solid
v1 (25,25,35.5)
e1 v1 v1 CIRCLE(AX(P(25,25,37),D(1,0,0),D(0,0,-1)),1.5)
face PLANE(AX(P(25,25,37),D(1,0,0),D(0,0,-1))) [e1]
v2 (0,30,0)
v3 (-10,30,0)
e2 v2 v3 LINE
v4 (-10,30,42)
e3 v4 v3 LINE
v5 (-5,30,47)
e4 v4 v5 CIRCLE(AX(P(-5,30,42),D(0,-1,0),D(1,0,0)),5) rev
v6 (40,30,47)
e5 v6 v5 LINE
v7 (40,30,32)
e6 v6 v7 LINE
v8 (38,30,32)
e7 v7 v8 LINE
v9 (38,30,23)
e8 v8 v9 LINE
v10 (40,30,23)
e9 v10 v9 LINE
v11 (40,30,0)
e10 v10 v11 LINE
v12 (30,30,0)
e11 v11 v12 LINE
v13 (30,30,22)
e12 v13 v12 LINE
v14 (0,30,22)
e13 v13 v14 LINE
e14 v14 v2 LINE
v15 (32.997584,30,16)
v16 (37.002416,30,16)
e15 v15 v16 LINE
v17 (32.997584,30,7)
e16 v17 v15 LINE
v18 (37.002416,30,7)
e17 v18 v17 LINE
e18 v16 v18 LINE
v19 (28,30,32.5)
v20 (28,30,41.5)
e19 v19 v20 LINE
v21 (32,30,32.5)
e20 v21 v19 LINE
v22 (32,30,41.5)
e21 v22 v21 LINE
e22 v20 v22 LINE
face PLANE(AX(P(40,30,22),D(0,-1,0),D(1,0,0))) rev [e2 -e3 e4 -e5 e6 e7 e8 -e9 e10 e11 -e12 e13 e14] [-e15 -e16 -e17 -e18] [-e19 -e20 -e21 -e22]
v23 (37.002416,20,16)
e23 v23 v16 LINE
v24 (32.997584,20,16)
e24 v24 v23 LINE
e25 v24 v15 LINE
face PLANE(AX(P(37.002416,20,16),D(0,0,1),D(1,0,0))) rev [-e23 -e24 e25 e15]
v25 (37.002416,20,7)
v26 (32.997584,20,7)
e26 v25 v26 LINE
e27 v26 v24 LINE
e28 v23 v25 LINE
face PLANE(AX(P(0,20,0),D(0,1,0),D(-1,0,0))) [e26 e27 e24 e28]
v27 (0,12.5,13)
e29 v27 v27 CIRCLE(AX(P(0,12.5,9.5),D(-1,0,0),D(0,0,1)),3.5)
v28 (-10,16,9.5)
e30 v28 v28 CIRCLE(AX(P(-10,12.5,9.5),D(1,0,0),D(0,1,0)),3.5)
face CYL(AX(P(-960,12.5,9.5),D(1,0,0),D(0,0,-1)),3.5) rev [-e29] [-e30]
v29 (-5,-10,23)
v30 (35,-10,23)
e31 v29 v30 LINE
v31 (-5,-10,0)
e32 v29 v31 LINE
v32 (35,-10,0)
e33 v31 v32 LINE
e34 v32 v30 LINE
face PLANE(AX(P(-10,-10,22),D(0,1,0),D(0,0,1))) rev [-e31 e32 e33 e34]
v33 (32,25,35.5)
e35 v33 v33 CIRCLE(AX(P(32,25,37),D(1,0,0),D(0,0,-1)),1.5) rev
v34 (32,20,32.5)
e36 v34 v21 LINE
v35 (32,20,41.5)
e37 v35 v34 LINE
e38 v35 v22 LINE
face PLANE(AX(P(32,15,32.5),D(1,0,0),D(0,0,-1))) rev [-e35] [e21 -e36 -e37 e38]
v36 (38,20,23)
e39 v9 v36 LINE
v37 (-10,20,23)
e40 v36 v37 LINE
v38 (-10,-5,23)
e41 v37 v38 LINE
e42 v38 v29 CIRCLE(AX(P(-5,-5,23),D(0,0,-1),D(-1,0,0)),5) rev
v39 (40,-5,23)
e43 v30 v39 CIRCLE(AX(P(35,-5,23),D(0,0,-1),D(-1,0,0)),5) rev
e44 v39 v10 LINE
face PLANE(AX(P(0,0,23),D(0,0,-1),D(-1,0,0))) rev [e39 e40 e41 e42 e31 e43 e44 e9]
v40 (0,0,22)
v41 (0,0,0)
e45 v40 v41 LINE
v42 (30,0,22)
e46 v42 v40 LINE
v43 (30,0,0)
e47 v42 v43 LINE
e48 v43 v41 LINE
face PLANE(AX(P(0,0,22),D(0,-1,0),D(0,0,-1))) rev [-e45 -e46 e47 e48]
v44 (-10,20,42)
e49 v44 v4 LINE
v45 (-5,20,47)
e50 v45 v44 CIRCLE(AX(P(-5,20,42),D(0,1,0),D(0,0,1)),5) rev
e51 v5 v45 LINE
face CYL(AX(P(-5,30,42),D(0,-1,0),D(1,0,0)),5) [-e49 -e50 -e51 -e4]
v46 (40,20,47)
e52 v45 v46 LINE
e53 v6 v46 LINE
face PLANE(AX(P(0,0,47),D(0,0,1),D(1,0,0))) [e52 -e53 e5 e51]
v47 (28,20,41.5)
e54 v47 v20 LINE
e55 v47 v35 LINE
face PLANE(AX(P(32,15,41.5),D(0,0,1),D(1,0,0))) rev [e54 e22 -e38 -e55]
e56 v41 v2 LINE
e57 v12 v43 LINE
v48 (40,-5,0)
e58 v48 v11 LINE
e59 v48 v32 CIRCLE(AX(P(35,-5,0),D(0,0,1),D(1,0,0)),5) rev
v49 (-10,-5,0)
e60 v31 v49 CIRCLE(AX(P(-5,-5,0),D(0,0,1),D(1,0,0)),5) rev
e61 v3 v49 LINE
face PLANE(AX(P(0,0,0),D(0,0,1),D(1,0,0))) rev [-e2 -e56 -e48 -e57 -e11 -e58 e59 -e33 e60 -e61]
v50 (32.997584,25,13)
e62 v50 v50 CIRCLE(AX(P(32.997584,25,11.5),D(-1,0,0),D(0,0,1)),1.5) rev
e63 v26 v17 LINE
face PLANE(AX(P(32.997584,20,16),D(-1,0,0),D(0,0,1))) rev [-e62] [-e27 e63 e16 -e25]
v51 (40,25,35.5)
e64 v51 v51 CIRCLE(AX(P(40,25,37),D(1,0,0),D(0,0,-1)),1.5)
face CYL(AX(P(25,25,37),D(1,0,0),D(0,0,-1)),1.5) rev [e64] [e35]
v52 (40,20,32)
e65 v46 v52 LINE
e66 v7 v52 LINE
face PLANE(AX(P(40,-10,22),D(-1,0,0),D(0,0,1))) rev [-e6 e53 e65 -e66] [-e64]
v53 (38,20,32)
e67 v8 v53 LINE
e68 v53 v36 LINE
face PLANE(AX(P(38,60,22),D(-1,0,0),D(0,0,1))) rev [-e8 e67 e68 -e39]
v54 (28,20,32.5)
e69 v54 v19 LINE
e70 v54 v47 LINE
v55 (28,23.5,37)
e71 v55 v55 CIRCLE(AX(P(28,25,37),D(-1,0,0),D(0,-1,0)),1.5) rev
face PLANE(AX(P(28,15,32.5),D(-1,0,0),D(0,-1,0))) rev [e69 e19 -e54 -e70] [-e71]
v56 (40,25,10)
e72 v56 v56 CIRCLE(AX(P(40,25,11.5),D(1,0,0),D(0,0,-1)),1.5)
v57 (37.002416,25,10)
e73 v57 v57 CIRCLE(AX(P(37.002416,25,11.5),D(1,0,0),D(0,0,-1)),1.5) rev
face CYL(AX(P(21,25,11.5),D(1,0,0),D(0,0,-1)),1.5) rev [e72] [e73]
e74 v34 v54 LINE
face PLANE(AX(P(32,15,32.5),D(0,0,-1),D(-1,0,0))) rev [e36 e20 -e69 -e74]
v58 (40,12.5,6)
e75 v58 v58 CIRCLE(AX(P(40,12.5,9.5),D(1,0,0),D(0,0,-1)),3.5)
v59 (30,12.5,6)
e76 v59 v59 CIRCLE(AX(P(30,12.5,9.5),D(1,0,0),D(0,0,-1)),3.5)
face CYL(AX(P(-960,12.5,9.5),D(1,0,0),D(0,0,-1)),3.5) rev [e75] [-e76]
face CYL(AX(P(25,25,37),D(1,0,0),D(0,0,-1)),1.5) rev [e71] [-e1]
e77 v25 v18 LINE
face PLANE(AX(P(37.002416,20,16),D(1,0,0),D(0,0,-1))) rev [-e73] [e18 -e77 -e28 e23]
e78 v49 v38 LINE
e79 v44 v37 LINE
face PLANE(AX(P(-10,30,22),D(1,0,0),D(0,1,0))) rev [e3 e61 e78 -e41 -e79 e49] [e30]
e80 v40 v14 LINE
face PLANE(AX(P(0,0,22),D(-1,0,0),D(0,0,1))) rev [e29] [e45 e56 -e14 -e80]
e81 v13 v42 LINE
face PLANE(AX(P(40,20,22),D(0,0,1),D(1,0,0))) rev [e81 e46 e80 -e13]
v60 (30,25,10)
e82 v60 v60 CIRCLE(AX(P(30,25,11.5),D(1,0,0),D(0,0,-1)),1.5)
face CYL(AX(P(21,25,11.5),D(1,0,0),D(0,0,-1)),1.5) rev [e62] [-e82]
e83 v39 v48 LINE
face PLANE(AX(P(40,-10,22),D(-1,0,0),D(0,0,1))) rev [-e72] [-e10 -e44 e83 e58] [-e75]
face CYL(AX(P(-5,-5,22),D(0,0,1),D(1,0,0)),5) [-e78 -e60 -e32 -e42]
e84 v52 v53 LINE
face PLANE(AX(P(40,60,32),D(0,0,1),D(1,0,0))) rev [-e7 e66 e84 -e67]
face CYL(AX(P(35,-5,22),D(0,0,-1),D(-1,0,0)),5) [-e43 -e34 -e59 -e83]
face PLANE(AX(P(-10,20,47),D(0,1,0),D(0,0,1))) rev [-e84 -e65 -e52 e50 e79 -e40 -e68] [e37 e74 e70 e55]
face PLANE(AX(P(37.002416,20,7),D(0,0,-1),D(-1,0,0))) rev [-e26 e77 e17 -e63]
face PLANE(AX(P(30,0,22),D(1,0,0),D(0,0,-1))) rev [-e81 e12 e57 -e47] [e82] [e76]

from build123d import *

# Parameters (mm, degrees)
BOSS_EXTRUDE1_DEPTH = 22
SKETCH3_W           = 10
SKETCH3_H           = 10
BOSS_EXTRUDE2_DEPTH = 25
SKETCH4_W           = 25
SKETCH4_H           = 10
BOSS_EXTRUDE3_DEPTH = 40
SKETCH5_W           = 2
SKETCH5_H           = 10
CUT_EXTRUDE4_DEPTH  = 40
BOSS_EXTRUDE4_DEPTH = 1
SKETCH7_R           = 1.5
CUT_EXTRUDE5_DEPTH  = 15
SKETCH8_W           = 4
SKETCH8_H           = 9
CUT_EXTRUDE6_DEPTH  = 15
FILLET1_R           = 5
FILLET2_R           = 5
FILLET3_R           = 5
SKETCH9_R           = 3.5
CUT_EXTRUDE7_DEPTH  = 1000
SKETCH10_W          = 4
SKETCH10_H          = 9
BOSS_EXTRUDE5_DEPTH = 15
SKETCH11_R          = 1.5
BOSS_EXTRUDE6_DEPTH = 10
SKETCH12_R          = 1.5
CUT_EXTRUDE8_DEPTH  = 19
SKETCH13_W          = 4.004831452
SKETCH13_H          = 9
CUT_EXTRUDE9_DEPTH  = 10


with BuildPart() as part:
    # Sketch1 → Boss-Extrude1 (new body)
    with BuildSketch(Plane.XY):
        Polygon((0, 30), (-10, 30), (-10, -10), (40, -10), (40, 30), (30, 30), (30, 0), (0, 0), align=None)
    extrude(amount=BOSS_EXTRUDE1_DEPTH)

    # Sketch3 → Boss-Extrude2 (add)
    with BuildSketch(Plane.XY.offset(22)):
        with Locations((-5, 25)):
            Rectangle(SKETCH3_W, SKETCH3_H)
    extrude(amount=BOSS_EXTRUDE2_DEPTH)

    # Sketch4 → Boss-Extrude3 (add)
    with BuildSketch(Plane(origin=(0, 0, 0), x_dir=(0, 0, -1), z_dir=(1, 0, 0))):
        with Locations((-34.5, 25)):
            Rectangle(SKETCH4_W, SKETCH4_H)
    extrude(amount=BOSS_EXTRUDE3_DEPTH)

    # Sketch5 → Cut-Extrude4 (cut)
    with BuildSketch(Plane.XZ.offset(-20)):
        with Locations((39, 27)):
            Rectangle(SKETCH5_W, SKETCH5_H)
    extrude(amount=-CUT_EXTRUDE4_DEPTH, mode=Mode.SUBTRACT)

    # Sketch6 → Boss-Extrude4 (add)
    with BuildSketch(Plane.XY.offset(22)):
        Polygon((-10, 20), (38, 20), (38, 30), (40, 30), (40, -10), (-10, -10), align=None)
    extrude(amount=BOSS_EXTRUDE4_DEPTH)

    # Sketch7 → Cut-Extrude5 (cut)
    with BuildSketch(Plane(origin=(40, 0, 0), x_dir=(0, 0, -1), z_dir=(1, 0, 0))):
        with Locations((-37, 25)):
            Circle(SKETCH7_R)
        with Locations((-17, 25)):
            Circle(SKETCH7_R)
    extrude(amount=-CUT_EXTRUDE5_DEPTH, mode=Mode.SUBTRACT)

    # Sketch8 → Cut-Extrude6 (cut)
    with BuildSketch(Plane(origin=(0, 30, 0), x_dir=(1, 0, 0), z_dir=(0, 1, 0))):
        with Locations((35, -17)):
            Rectangle(SKETCH8_W, SKETCH8_H)
        with Locations((30, -37)):
            Rectangle(SKETCH8_W, SKETCH8_H)
    extrude(amount=-CUT_EXTRUDE6_DEPTH, mode=Mode.SUBTRACT)

    # Fillet1
    fillet1_edges = [part.edges().sort_by_distance(p)[0] for p in [
        (40, -10, 11.5),
    ]]
    fillet(fillet1_edges, radius=FILLET1_R)

    # Fillet2
    fillet2_edges = [part.edges().sort_by_distance(p)[0] for p in [
        (-10, -10, 11.5),
    ]]
    fillet(fillet2_edges, radius=FILLET2_R)

    # Fillet3
    fillet3_edges = [part.edges().sort_by_distance(p)[0] for p in [
        (-10, 25, 47),
    ]]
    fillet(fillet3_edges, radius=FILLET3_R)

    # Sketch9 → Cut-Extrude7 (cut)
    with BuildSketch(Plane(origin=(40, 0, 0), x_dir=(0, 0, -1), z_dir=(1, 0, 0))):
        with Locations((-9.5, 12.5)):
            Circle(SKETCH9_R)
    extrude(amount=-CUT_EXTRUDE7_DEPTH, mode=Mode.SUBTRACT)

    # Sketch10 → Boss-Extrude5 (add)
    with BuildSketch(Plane(origin=(0, 30, 0), x_dir=(1, 0, 0), z_dir=(0, 1, 0))):
        with Locations((35, -17)):
            Rectangle(SKETCH10_W, SKETCH10_H)
    extrude(amount=-BOSS_EXTRUDE5_DEPTH)

    # Sketch11 → Boss-Extrude6 (add)
    with BuildSketch(Plane(origin=(40, 0, 0), x_dir=(0, 0, -1), z_dir=(1, 0, 0))):
        with Locations((-17, 25)):
            Circle(SKETCH11_R)
    extrude(amount=-BOSS_EXTRUDE6_DEPTH)

    # Sketch12 → Cut-Extrude8 (cut)
    with BuildSketch(Plane(origin=(40, 0, 0), x_dir=(0, 0, -1), z_dir=(1, 0, 0))):
        with Locations((-11.5, 25)):
            Circle(SKETCH12_R)
    extrude(amount=-CUT_EXTRUDE8_DEPTH, mode=Mode.SUBTRACT)

    # Sketch13 → Cut-Extrude9 (cut)
    with BuildSketch(Plane(origin=(0, 30, 0), x_dir=(1, 0, 0), z_dir=(0, 1, 0))):
        with Locations((35, -11.5)):
            Rectangle(SKETCH13_W, SKETCH13_H)
    extrude(amount=-CUT_EXTRUDE9_DEPTH, mode=Mode.SUBTRACT)


solid = part.part
